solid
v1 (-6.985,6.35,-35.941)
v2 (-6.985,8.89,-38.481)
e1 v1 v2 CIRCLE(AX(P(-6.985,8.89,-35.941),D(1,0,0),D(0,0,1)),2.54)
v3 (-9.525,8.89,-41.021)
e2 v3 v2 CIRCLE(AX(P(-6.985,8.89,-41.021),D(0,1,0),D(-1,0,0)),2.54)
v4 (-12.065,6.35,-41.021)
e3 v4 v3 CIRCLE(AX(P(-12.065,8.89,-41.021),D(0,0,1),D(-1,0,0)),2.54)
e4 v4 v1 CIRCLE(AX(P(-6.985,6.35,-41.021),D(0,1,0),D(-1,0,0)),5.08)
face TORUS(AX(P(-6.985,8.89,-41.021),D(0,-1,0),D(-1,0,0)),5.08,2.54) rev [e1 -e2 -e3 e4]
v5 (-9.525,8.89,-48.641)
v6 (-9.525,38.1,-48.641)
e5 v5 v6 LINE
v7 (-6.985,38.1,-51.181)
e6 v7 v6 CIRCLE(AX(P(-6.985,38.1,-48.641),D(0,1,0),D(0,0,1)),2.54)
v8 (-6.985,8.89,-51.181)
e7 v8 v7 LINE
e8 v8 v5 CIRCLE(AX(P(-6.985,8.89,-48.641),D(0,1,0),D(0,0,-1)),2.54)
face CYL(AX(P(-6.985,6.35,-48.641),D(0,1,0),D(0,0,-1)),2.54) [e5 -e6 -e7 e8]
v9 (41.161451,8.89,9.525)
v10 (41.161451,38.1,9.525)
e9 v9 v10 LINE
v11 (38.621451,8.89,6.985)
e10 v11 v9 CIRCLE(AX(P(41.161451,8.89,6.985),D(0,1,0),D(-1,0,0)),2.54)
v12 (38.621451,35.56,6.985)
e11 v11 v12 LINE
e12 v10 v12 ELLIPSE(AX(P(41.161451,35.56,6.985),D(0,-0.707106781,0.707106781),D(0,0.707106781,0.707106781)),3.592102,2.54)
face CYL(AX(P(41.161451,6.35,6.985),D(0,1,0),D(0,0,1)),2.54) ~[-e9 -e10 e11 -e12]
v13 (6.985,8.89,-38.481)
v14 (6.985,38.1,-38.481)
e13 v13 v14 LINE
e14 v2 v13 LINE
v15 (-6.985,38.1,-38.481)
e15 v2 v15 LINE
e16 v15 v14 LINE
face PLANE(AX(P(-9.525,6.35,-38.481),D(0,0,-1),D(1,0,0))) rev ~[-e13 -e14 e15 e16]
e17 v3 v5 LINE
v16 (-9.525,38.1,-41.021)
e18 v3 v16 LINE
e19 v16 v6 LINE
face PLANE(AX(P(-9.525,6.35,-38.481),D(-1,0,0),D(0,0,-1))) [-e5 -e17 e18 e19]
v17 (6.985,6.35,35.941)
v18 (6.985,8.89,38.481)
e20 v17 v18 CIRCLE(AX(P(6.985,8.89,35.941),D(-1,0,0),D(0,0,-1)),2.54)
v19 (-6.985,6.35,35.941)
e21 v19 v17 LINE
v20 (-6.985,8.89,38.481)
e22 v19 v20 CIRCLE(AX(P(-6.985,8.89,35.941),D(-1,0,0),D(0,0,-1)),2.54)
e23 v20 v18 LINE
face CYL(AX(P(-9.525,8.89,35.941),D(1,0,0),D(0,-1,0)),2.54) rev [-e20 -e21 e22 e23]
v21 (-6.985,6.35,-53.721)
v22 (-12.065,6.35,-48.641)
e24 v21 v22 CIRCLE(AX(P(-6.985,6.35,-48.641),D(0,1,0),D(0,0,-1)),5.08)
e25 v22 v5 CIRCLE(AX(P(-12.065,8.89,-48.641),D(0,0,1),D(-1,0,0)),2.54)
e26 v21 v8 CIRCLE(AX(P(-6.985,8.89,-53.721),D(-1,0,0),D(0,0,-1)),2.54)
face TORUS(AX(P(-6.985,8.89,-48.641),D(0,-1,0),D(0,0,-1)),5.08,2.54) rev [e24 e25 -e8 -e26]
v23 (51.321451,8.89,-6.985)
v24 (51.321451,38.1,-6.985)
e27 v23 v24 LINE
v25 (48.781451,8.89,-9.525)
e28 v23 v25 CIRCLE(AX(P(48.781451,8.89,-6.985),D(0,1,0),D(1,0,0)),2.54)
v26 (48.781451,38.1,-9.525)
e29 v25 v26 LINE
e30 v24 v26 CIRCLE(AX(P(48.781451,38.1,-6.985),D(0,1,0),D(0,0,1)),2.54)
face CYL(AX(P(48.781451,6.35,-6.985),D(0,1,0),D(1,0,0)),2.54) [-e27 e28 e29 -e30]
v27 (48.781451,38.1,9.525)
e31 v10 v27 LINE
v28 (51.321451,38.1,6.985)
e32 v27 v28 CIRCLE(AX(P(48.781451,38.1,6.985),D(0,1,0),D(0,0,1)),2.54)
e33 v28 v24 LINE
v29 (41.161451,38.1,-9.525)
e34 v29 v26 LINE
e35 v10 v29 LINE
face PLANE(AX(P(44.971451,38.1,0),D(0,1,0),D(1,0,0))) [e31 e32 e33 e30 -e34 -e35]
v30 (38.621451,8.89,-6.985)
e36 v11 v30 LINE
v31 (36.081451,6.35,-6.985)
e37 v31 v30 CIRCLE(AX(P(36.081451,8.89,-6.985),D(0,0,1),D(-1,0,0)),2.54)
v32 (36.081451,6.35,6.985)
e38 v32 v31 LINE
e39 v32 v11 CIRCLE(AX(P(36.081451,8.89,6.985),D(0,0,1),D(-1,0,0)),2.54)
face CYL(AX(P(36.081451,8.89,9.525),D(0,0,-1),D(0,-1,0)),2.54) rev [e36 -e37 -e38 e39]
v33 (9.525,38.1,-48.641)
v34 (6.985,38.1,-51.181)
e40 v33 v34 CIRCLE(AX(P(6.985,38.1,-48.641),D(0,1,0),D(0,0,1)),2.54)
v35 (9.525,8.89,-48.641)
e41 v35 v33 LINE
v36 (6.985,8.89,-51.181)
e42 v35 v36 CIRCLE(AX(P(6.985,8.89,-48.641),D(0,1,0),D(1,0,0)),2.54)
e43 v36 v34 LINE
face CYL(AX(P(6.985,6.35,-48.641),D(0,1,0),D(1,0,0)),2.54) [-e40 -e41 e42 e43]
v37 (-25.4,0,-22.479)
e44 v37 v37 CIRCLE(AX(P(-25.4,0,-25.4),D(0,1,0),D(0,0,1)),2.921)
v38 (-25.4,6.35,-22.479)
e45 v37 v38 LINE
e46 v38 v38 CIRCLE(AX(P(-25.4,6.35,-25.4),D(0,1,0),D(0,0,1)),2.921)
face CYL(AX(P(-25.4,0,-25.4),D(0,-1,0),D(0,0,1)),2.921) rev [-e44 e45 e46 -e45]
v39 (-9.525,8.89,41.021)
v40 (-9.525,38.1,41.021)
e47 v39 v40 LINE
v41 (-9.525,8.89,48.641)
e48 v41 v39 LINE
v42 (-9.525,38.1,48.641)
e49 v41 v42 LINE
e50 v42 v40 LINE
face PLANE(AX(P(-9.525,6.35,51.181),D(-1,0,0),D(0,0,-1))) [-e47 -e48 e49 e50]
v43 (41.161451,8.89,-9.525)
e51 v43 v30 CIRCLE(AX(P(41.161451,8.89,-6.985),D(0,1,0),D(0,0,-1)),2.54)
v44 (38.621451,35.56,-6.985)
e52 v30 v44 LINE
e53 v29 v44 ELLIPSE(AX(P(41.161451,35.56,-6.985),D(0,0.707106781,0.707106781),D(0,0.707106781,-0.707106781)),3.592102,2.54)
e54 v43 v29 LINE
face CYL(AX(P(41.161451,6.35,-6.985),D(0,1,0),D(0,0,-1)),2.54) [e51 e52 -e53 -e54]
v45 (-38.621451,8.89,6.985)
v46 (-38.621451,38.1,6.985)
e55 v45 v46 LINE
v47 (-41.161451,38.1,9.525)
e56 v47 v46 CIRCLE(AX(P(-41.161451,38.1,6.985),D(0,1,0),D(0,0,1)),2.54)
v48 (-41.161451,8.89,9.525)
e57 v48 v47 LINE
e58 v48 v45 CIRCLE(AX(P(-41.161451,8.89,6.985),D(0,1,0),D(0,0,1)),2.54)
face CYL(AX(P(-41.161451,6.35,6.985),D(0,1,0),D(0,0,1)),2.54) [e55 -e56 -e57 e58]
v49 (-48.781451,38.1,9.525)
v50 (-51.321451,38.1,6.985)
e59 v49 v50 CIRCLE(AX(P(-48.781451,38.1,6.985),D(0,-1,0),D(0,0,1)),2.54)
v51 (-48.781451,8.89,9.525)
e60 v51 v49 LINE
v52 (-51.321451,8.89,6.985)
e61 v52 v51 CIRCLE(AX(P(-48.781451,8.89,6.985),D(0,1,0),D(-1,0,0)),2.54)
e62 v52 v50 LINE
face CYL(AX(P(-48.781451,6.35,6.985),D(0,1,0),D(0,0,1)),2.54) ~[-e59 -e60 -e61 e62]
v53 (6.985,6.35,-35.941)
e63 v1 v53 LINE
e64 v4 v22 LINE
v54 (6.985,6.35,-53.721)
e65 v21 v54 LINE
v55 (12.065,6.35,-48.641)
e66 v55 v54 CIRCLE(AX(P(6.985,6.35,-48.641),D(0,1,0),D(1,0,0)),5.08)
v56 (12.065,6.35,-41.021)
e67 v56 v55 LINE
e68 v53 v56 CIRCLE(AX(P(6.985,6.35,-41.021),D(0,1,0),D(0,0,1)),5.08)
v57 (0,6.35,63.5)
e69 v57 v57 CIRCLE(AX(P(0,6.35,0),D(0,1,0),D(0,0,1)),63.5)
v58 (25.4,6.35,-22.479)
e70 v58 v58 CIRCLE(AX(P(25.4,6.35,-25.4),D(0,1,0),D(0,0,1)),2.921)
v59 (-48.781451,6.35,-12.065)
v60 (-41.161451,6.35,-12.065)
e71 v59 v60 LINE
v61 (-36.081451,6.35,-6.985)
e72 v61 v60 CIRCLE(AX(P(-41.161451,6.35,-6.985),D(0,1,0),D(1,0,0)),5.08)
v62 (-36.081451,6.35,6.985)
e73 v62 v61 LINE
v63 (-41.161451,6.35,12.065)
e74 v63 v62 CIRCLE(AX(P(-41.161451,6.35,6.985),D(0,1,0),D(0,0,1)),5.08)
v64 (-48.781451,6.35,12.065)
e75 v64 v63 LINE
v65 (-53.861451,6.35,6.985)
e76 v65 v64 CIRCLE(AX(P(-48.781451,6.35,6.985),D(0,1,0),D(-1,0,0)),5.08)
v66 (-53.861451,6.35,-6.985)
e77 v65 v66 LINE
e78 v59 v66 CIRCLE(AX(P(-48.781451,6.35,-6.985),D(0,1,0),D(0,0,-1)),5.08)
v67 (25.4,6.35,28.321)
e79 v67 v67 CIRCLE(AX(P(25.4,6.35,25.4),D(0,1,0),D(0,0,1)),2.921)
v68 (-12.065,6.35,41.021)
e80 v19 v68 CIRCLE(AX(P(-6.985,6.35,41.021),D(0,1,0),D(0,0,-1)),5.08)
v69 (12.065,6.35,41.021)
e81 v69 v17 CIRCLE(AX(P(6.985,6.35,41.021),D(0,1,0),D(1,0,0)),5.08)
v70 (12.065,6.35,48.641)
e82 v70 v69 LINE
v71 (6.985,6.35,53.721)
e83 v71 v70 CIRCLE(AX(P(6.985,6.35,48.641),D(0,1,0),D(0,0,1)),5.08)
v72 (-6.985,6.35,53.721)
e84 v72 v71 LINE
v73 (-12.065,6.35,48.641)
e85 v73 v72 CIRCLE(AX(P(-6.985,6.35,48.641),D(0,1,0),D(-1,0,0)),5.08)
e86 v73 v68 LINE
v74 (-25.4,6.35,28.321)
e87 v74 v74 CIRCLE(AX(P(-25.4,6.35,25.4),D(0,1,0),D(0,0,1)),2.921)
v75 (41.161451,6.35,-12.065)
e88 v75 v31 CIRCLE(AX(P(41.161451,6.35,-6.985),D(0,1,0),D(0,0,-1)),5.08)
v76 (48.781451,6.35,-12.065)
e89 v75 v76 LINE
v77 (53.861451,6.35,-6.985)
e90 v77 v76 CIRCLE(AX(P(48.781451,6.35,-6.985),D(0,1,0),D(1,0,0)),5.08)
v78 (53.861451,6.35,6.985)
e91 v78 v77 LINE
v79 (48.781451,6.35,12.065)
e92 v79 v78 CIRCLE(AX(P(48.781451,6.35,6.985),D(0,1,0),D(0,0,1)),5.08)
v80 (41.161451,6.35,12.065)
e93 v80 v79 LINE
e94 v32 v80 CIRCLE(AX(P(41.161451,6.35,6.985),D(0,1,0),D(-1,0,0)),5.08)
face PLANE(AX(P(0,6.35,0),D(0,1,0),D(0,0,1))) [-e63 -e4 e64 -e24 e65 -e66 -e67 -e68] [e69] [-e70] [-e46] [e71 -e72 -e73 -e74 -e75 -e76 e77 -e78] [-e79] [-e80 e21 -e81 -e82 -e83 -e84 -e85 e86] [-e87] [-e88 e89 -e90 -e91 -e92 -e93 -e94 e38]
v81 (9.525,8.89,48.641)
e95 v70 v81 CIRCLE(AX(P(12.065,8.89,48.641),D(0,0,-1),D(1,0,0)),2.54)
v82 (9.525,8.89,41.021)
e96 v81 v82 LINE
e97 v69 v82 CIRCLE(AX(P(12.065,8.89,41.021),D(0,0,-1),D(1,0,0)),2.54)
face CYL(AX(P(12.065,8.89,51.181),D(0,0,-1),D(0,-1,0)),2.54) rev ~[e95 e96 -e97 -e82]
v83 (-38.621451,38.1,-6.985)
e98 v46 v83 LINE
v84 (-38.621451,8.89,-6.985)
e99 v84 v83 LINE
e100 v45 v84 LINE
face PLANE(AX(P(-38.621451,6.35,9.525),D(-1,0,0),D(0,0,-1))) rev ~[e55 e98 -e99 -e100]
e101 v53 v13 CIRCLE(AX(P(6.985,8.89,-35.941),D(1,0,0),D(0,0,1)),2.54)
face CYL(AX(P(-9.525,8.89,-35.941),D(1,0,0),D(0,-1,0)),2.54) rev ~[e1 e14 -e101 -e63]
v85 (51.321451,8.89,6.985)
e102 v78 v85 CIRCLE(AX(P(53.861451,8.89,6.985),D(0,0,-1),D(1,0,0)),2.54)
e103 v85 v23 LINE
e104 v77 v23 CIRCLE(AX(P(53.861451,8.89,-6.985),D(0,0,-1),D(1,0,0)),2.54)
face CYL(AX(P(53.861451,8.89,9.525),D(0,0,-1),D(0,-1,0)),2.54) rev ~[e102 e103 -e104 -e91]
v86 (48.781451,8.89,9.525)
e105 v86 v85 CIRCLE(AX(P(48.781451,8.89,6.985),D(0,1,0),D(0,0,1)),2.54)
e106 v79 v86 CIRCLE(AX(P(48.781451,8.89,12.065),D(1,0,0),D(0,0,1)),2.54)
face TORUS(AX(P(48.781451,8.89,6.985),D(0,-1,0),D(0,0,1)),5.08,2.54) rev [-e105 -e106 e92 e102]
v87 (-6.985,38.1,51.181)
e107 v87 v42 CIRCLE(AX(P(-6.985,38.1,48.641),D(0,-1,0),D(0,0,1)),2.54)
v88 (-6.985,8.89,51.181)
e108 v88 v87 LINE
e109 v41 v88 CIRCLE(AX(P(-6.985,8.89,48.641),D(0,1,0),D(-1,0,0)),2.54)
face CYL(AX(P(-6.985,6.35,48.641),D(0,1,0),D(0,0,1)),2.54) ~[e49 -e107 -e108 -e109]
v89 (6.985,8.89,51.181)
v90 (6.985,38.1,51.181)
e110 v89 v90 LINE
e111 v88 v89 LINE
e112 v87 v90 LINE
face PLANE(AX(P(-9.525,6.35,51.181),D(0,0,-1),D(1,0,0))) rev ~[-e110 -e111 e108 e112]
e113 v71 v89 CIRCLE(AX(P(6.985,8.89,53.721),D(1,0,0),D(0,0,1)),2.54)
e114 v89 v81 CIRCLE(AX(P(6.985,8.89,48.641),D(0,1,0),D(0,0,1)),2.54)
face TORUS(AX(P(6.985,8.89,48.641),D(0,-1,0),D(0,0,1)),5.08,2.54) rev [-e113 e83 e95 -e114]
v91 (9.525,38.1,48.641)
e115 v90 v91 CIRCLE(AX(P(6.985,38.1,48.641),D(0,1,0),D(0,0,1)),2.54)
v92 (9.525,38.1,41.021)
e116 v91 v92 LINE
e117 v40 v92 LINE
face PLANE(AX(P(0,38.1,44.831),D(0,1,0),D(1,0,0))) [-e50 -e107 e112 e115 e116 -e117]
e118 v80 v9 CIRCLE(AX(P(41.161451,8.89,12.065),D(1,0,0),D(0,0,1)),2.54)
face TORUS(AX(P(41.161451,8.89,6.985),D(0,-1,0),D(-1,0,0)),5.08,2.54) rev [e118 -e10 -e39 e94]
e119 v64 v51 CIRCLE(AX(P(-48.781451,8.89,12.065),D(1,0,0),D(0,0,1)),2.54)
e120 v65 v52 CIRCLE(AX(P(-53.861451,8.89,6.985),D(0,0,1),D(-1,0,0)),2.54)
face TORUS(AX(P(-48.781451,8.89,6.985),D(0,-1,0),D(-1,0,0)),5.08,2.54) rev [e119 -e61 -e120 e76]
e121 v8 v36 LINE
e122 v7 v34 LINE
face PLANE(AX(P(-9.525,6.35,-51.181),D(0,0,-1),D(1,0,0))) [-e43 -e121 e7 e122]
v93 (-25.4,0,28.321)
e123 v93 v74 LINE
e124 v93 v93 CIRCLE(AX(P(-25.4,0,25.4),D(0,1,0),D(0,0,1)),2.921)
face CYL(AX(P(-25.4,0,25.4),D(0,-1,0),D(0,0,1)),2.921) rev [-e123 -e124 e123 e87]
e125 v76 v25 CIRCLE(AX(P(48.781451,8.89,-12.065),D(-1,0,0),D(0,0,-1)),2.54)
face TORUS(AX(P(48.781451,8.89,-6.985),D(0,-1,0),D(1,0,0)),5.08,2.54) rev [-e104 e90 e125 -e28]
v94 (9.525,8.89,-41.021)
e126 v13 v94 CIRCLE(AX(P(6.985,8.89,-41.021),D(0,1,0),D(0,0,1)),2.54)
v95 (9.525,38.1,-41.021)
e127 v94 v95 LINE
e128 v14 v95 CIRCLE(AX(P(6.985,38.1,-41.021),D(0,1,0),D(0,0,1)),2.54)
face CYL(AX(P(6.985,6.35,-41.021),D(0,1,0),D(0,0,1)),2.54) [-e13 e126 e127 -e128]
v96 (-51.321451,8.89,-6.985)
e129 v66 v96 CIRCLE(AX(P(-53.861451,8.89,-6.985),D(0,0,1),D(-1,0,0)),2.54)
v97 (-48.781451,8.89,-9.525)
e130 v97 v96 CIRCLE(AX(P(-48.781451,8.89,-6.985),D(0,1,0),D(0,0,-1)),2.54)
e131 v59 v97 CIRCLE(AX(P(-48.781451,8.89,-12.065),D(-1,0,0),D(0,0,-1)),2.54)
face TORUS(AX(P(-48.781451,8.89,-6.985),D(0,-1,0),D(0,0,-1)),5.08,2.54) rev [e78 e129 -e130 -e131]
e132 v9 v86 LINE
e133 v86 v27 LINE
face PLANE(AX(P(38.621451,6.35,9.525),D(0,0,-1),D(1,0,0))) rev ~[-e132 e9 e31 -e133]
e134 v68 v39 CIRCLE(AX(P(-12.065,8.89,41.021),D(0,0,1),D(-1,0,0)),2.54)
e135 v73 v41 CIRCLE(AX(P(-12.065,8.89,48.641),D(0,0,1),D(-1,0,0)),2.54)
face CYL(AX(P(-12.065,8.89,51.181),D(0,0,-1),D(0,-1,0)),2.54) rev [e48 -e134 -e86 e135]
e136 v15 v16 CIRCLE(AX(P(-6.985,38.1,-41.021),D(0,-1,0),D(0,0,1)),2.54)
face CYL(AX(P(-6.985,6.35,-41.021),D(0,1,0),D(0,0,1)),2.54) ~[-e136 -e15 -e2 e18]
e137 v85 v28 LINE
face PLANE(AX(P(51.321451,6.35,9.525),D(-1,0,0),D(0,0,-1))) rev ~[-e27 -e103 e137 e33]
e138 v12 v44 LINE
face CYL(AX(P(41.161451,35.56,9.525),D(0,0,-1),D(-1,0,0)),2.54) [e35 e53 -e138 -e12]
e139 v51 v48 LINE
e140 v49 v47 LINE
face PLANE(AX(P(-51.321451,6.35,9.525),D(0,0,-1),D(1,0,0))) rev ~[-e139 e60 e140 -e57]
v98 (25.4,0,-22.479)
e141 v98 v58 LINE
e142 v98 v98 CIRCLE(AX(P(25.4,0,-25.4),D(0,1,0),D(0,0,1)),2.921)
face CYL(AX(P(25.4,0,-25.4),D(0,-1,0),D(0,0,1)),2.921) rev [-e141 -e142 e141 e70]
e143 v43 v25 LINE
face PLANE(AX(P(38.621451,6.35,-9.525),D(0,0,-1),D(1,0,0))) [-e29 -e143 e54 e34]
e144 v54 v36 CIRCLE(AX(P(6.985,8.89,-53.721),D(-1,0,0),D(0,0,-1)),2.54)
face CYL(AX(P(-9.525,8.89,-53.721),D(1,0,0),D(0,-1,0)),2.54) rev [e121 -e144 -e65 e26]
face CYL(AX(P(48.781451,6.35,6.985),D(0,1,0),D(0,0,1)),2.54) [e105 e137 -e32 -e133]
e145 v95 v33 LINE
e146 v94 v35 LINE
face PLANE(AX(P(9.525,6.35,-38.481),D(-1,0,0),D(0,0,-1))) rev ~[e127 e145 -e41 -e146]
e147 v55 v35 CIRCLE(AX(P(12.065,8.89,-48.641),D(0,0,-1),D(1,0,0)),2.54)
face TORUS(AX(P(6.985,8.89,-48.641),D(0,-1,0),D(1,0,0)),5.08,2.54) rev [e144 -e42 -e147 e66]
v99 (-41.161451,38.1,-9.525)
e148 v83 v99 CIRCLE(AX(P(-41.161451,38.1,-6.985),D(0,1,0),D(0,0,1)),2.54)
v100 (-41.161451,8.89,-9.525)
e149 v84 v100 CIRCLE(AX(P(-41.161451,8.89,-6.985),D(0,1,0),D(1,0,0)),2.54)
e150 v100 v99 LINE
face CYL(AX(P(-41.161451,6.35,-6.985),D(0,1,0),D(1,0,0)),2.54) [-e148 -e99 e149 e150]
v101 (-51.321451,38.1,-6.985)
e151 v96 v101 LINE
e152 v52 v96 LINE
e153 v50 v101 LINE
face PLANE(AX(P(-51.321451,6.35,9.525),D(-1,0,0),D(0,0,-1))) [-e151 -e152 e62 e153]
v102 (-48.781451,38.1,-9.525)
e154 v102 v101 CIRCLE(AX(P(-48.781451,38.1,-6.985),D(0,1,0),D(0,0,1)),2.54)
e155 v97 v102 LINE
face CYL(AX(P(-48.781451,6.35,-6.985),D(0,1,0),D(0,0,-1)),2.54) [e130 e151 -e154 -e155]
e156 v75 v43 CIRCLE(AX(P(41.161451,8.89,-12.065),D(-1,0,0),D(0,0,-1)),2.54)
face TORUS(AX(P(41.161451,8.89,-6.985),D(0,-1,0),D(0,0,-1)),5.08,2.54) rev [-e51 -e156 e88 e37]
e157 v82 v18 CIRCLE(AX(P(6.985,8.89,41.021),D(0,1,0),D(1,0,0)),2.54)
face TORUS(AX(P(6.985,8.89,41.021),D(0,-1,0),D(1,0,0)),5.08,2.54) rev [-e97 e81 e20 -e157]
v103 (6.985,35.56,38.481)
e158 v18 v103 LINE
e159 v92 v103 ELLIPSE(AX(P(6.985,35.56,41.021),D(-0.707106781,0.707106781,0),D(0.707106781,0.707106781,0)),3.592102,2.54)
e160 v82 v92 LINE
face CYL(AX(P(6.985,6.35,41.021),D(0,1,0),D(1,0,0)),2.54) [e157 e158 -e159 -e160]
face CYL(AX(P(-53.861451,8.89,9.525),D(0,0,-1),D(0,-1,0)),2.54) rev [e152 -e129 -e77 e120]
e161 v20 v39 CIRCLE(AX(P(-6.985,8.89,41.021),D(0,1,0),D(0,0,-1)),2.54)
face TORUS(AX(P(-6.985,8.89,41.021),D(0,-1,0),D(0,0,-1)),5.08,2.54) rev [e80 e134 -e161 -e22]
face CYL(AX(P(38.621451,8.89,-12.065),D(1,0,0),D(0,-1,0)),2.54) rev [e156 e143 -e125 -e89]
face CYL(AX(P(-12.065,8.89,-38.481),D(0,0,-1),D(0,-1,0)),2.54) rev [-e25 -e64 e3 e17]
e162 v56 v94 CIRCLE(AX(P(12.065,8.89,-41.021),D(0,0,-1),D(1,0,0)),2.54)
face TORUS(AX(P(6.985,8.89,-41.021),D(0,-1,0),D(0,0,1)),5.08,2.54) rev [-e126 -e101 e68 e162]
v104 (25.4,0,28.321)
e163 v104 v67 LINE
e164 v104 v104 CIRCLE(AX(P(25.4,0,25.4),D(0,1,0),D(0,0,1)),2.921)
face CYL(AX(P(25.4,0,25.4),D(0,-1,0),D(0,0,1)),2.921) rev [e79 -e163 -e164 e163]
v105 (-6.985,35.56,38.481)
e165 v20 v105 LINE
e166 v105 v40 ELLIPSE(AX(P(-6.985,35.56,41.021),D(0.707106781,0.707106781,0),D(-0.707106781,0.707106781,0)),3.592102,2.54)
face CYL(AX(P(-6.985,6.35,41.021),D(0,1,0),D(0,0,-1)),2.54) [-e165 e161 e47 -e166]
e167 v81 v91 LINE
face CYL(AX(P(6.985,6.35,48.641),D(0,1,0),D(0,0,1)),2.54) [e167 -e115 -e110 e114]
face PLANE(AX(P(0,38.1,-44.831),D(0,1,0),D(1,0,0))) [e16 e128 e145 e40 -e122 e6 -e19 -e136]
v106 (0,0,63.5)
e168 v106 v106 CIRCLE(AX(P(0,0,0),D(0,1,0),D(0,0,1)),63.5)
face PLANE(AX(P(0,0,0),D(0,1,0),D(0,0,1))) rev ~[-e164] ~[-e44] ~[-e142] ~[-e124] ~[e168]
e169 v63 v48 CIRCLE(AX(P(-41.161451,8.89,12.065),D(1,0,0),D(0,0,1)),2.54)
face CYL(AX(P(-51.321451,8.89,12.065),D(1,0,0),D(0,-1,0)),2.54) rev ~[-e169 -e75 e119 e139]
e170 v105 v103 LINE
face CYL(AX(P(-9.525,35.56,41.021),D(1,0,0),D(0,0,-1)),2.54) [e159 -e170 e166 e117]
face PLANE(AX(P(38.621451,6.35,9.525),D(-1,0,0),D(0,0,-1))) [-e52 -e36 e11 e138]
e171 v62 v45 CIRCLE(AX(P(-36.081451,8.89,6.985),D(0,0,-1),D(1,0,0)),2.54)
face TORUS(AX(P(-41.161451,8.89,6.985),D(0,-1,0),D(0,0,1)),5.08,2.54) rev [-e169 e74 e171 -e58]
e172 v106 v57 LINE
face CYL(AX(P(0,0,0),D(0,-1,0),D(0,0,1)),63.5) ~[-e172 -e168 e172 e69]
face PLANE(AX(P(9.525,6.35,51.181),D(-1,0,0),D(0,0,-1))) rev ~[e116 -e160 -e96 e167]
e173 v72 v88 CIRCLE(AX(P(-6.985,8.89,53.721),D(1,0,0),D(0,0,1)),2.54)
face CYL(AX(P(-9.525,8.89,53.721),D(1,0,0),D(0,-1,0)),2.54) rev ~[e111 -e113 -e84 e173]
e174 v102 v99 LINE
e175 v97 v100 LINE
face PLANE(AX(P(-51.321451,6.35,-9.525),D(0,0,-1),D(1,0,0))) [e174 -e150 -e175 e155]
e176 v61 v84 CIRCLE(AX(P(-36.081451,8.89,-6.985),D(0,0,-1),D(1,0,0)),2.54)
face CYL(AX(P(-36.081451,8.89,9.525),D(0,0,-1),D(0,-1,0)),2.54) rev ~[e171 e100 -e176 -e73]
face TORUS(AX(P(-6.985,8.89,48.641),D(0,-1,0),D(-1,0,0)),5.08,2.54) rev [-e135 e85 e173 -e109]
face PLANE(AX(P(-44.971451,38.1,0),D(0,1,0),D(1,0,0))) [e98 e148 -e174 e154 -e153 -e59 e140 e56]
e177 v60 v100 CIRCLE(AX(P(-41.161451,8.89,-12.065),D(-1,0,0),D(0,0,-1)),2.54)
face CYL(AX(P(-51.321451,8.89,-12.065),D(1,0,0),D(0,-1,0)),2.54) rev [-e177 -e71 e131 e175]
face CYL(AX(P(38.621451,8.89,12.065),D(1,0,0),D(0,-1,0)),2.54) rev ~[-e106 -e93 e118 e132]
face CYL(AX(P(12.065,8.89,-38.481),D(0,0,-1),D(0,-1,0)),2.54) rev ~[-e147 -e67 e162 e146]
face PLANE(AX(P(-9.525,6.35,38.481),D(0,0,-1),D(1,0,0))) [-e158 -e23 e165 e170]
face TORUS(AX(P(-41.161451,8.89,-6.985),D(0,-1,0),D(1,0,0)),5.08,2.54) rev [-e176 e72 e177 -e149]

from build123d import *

# Parameters (mm, degrees)
SKETCH2_R           = 63.5
SKETCH2_R_2         = 2.921
BOSS_EXTRUDE2_DEPTH = 6.35
SKETCH3_W           = 19.05
SKETCH3_H           = 12.7
SKETCH3_W_2         = 12.7
SKETCH3_H_2         = 19.05
BOSS_EXTRUDE3_DEPTH = 31.75
FILLET1_R           = 2.54


with BuildPart() as part:
    # Sketch2 → Boss-Extrude2 (new body)
    with BuildSketch(Plane(origin=(0, 0, 0), x_dir=(1, 0, 0), z_dir=(0, 1, 0))):
        with Locations(Location((0, 0, 0), (0, 0, 270))):
            Circle(SKETCH2_R)
        with Locations(Location((-25.4, 25.4, 0), (0, 0, 270))):
            Circle(SKETCH2_R_2, mode=Mode.SUBTRACT)
        with Locations(Location((25.4, 25.4, 0), (0, 0, 270))):
            Circle(SKETCH2_R_2, mode=Mode.SUBTRACT)
        with Locations(Location((25.4, -25.4, 0), (0, 0, 270))):
            Circle(SKETCH2_R_2, mode=Mode.SUBTRACT)
        with Locations(Location((-25.4, -25.4, 0), (0, 0, 270))):
            Circle(SKETCH2_R_2, mode=Mode.SUBTRACT)
    extrude(amount=BOSS_EXTRUDE2_DEPTH)

    # Sketch3 → Boss-Extrude3 (add)
    with BuildSketch(Plane(origin=(0, 6.35, 0), x_dir=(1, 0, 0), z_dir=(0, 1, 0))):
        with Locations((0, 44.831)):
            Rectangle(SKETCH3_W, SKETCH3_H)
        with Locations((0, -44.831)):
            Rectangle(SKETCH3_W, SKETCH3_H)
        with Locations((-44.971451378, 0)):
            Rectangle(SKETCH3_W_2, SKETCH3_H_2)
        with Locations((44.971451378, 0)):
            Rectangle(SKETCH3_W_2, SKETCH3_H_2)
    extrude(amount=BOSS_EXTRUDE3_DEPTH)

    # Fillet1
    fillet1_edges = [part.edges().sort_by_distance(p)[0] for p in [
        (9.525, 6.35, -44.831),
        (9.525, 22.225, -38.481),
        (0, 6.35, -51.181),
        (9.525, 22.225, -51.181),
        (-9.525, 6.35, -44.831),
        (-9.525, 22.225, -51.181),
        (0, 6.35, -38.481),
        (-9.525, 22.225, -38.481),
        (-9.525, 6.35, 44.831),
        (-9.525, 22.225, 38.481),
        (0, 6.35, 51.181),
        (-9.525, 22.225, 51.181),
        (9.525, 6.35, 44.831),
        (9.525, 22.225, 51.181),
        (0, 6.35, 38.481),
        (9.525, 22.225, 38.481),
        (0, 38.1, 38.481),
        (-38.621451378, 6.35, 0),
        (-38.621451378, 22.225, 9.525),
        (-44.971451378, 6.35, -9.525),
        (-38.621451378, 22.225, -9.525),
        (-51.321451378, 6.35, 0),
        (-51.321451378, 22.225, -9.525),
        (-44.971451378, 6.35, 9.525),
        (-51.321451378, 22.225, 9.525),
        (44.971451378, 6.35, -9.525),
        (51.321451378, 22.225, -9.525),
        (38.621451378, 6.35, 0),
        (38.621451378, 22.225, -9.525),
        (44.971451378, 6.35, 9.525),
        (38.621451378, 22.225, 9.525),
        (51.321451378, 6.35, 0),
        (51.321451378, 22.225, 9.525),
        (38.621451378, 38.1, 0),
    ]]
    fillet(fillet1_edges, radius=FILLET1_R)


solid = part.part
